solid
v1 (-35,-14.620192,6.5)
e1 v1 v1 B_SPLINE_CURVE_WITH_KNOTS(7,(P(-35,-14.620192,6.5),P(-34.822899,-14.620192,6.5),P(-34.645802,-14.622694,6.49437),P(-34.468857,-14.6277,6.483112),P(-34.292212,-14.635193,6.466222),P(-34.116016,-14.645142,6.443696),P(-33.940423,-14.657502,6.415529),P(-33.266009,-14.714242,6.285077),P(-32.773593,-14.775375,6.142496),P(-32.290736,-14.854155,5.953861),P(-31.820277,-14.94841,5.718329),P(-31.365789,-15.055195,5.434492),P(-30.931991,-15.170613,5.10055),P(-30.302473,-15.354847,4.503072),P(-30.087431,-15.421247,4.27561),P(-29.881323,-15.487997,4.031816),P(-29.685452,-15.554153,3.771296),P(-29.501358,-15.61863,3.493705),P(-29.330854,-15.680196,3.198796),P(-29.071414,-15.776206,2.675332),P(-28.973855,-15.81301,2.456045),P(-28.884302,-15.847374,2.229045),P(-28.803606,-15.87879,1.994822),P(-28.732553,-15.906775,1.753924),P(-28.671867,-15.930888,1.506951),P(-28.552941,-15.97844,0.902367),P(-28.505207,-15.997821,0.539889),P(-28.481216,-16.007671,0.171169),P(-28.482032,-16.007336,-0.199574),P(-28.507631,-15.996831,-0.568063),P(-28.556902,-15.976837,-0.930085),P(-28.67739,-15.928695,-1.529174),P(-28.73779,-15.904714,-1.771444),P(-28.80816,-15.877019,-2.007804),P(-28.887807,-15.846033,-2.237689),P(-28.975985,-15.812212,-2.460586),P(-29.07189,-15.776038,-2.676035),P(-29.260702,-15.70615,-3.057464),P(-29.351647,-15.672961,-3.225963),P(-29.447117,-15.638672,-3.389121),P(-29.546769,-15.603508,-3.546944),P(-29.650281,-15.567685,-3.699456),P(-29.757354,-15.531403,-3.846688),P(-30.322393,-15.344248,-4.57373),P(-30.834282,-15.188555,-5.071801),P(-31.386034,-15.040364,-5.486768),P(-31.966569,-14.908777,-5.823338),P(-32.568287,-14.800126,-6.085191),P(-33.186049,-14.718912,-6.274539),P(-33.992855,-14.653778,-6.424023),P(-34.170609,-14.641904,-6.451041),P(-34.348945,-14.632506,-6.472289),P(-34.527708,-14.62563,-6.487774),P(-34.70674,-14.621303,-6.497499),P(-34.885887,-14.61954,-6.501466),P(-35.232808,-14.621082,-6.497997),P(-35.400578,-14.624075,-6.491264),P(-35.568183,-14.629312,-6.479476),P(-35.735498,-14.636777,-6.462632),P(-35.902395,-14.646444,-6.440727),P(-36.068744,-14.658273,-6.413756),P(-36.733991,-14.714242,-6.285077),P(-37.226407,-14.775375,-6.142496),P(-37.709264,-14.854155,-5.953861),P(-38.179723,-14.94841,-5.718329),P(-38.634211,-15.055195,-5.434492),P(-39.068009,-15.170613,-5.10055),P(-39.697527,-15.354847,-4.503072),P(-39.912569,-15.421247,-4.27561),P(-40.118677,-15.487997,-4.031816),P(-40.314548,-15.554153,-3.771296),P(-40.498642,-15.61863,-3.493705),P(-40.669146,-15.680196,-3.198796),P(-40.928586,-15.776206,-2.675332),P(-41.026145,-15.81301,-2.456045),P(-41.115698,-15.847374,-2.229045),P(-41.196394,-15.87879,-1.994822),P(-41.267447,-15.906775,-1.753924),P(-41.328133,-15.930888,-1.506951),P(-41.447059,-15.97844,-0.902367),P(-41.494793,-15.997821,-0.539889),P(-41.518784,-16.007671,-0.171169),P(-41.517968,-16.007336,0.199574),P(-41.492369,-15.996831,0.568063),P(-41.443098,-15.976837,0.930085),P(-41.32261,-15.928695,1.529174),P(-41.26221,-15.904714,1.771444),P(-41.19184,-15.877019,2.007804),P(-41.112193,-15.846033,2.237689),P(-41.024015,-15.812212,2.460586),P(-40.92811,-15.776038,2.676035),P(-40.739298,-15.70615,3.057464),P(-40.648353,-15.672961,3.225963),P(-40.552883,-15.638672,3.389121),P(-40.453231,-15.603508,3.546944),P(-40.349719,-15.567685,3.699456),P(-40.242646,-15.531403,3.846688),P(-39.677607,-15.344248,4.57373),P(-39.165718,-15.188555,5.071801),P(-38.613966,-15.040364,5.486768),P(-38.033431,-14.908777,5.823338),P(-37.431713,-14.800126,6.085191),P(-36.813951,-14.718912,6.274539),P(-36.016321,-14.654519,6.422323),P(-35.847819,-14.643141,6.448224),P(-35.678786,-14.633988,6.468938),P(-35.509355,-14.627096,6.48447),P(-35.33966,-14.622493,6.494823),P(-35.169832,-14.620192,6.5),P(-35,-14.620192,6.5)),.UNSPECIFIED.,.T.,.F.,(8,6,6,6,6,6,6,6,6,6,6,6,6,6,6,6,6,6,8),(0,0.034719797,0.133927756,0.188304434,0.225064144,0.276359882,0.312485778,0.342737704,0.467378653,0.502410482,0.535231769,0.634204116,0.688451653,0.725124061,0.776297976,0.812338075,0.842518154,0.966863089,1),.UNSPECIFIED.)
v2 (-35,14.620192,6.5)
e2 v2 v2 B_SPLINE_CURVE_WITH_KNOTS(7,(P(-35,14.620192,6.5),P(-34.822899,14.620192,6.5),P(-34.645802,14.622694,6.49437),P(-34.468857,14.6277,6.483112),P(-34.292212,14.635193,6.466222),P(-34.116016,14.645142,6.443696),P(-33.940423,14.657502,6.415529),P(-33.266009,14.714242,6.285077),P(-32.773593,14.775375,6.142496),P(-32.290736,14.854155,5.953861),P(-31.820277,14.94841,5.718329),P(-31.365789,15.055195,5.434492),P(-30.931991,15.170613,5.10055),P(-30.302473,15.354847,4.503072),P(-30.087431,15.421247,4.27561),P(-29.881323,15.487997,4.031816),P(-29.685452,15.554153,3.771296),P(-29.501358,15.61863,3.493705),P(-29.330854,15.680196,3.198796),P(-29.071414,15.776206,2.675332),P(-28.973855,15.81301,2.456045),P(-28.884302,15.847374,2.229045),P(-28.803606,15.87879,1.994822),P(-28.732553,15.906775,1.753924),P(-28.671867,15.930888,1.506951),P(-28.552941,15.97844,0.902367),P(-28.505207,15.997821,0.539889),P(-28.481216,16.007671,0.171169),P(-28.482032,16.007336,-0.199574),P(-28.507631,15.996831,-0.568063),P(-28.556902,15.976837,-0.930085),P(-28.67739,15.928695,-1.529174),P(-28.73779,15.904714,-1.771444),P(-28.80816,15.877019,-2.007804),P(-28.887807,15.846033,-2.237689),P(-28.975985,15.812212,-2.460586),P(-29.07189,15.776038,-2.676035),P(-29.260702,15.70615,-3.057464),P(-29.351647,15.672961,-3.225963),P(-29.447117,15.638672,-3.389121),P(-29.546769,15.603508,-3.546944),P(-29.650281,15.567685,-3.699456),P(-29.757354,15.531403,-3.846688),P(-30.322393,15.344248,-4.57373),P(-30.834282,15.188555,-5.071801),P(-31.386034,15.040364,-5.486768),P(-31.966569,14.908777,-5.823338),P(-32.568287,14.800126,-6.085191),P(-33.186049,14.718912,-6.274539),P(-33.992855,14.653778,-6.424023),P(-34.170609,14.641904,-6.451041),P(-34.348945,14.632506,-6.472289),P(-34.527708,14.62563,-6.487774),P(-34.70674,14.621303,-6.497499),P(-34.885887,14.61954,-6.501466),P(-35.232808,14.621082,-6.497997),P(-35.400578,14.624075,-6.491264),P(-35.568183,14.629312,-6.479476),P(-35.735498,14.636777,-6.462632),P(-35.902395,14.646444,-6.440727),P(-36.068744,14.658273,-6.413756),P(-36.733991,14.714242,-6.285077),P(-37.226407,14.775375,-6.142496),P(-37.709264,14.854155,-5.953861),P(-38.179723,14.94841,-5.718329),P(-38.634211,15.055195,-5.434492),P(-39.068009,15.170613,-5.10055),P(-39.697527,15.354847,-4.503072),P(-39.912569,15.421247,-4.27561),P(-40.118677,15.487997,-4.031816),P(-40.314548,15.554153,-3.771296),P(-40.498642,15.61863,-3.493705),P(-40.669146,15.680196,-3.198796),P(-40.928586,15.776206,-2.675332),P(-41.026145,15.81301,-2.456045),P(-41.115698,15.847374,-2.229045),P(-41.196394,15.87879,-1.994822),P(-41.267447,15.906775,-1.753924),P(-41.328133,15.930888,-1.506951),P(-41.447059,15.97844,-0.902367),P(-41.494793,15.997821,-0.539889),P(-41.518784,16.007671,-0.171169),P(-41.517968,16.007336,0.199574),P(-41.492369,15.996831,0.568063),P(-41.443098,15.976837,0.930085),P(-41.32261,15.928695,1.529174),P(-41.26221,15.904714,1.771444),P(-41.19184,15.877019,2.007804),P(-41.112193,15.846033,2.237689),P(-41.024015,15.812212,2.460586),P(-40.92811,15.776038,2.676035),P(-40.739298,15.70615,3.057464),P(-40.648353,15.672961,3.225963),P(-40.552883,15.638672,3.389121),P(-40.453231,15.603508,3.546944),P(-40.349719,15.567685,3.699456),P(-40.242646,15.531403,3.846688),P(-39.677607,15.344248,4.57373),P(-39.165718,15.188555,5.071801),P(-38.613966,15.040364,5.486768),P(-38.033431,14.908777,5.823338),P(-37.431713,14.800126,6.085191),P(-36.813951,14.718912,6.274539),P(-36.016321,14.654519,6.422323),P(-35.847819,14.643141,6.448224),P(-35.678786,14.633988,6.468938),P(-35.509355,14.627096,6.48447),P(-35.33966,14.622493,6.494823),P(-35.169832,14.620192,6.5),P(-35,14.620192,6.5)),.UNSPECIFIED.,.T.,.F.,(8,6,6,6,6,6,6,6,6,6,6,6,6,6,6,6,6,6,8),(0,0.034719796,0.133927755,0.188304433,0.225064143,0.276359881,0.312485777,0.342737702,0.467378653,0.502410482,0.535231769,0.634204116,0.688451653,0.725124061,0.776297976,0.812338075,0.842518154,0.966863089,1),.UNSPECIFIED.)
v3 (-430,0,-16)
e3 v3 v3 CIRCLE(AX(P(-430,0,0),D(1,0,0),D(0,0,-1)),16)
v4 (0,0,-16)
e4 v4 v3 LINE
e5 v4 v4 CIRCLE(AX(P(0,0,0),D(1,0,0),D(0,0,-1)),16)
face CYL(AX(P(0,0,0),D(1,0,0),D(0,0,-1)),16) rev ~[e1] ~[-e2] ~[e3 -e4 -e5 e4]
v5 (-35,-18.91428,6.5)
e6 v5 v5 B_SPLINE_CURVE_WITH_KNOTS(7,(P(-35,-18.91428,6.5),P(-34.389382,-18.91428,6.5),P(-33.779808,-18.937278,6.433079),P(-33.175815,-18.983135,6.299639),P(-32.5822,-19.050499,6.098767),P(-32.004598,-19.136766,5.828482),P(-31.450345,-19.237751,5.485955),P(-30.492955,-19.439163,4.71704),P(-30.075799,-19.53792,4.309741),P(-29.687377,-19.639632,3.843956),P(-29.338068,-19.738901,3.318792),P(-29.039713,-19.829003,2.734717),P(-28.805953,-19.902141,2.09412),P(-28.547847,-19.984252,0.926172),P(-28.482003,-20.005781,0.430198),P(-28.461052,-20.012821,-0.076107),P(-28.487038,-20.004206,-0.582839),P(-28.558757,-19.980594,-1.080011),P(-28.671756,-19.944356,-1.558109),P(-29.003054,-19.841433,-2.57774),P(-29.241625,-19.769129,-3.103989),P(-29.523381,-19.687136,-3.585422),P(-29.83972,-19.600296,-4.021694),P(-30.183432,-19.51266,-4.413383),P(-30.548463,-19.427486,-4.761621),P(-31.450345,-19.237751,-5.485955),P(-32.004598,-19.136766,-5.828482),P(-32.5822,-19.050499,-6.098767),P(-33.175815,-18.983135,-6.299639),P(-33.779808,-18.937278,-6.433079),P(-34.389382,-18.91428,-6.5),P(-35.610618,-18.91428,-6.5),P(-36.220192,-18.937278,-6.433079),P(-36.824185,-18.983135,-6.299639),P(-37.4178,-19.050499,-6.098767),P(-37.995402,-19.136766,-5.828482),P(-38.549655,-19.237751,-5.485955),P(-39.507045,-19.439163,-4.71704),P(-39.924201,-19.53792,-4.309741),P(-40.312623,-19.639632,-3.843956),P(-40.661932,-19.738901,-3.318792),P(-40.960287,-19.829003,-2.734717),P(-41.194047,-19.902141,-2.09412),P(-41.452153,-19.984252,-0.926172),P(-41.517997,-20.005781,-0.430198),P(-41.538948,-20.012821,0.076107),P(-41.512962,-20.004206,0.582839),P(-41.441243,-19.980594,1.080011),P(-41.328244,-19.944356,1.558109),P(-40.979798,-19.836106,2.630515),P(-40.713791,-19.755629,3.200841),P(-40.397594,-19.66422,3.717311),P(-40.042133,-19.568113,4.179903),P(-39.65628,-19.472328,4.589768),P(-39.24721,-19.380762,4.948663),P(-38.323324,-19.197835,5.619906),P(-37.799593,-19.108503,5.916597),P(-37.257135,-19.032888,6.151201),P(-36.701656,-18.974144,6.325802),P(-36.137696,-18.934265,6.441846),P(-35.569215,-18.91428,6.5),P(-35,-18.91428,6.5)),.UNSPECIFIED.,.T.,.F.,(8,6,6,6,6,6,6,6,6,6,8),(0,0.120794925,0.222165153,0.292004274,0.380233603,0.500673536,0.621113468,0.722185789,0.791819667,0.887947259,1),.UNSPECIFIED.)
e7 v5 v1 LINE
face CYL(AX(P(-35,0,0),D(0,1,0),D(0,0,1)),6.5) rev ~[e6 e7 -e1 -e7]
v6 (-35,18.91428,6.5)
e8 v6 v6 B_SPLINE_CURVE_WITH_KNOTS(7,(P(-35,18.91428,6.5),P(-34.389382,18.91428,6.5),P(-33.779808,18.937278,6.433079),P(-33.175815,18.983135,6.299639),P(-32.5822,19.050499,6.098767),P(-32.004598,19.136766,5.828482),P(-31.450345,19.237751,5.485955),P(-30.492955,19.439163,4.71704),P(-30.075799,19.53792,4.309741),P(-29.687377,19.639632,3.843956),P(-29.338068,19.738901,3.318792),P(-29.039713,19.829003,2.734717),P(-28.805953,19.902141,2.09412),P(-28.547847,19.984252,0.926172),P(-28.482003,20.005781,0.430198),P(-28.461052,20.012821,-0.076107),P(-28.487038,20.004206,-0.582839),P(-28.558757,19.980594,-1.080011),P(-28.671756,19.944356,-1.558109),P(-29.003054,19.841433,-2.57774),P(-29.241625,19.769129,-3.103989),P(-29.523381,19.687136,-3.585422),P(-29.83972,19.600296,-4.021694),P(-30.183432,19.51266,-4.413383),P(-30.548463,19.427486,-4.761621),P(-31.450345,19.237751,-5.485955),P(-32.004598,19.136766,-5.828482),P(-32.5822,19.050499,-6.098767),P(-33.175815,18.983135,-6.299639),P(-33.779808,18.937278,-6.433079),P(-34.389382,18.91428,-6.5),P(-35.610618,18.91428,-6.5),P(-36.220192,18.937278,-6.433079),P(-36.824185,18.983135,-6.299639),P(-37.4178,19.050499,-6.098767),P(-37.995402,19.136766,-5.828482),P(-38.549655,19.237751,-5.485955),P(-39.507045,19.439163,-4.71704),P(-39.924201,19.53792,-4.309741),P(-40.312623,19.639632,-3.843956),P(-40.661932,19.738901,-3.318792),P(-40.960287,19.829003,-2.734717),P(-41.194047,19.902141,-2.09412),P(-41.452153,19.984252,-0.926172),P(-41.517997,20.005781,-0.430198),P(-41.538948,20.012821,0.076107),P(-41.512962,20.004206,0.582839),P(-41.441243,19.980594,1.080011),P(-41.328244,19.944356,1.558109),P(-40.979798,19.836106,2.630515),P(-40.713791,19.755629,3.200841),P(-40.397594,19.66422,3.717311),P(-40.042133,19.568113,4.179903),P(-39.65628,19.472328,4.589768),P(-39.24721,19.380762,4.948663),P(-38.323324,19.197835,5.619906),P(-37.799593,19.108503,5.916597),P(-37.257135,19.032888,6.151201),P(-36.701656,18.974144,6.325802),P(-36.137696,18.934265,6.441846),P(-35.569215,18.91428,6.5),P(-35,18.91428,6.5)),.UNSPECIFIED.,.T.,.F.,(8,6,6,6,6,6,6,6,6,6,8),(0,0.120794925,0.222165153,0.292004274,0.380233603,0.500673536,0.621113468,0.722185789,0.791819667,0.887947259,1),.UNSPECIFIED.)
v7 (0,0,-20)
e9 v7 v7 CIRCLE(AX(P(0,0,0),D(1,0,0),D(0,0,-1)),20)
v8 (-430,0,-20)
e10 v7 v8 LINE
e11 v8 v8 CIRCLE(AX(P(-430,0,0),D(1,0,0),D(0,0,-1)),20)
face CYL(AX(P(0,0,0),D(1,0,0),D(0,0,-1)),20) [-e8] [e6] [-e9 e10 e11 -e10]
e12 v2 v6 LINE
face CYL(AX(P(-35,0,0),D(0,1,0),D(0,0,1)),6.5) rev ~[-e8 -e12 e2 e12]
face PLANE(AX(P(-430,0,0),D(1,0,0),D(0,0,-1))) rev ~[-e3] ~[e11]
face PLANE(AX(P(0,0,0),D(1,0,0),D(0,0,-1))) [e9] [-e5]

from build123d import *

# Parameters (mm, degrees)
SKETCH1_R           = 20
SKETCH1_R_2         = 16
BOSS_EXTRUDE1_DEPTH = 430
SKETCH2_R           = 6.5
CUT_EXTRUDE1_DEPTH  = 28.5


with BuildPart() as part:
    # Sketch1 → Boss-Extrude1 (new body)
    with BuildSketch(Plane(origin=(0, 0, 0), x_dir=(0, 0, -1), z_dir=(1, 0, 0))):
        Circle(SKETCH1_R)
        Circle(SKETCH1_R_2, mode=Mode.SUBTRACT)
    extrude(amount=-BOSS_EXTRUDE1_DEPTH)

    # Sketch2 → Cut-Extrude1 (cut, symmetric)
    with BuildSketch(Plane(origin=(0, 0, 0), x_dir=(1, 0, 0), z_dir=(0, 1, 0))):
        with Locations(Location((-35, 0, 0), (0, 0, 270))):
            Circle(SKETCH2_R)
    extrude(amount=CUT_EXTRUDE1_DEPTH, both=True, mode=Mode.SUBTRACT)


solid = part.part
